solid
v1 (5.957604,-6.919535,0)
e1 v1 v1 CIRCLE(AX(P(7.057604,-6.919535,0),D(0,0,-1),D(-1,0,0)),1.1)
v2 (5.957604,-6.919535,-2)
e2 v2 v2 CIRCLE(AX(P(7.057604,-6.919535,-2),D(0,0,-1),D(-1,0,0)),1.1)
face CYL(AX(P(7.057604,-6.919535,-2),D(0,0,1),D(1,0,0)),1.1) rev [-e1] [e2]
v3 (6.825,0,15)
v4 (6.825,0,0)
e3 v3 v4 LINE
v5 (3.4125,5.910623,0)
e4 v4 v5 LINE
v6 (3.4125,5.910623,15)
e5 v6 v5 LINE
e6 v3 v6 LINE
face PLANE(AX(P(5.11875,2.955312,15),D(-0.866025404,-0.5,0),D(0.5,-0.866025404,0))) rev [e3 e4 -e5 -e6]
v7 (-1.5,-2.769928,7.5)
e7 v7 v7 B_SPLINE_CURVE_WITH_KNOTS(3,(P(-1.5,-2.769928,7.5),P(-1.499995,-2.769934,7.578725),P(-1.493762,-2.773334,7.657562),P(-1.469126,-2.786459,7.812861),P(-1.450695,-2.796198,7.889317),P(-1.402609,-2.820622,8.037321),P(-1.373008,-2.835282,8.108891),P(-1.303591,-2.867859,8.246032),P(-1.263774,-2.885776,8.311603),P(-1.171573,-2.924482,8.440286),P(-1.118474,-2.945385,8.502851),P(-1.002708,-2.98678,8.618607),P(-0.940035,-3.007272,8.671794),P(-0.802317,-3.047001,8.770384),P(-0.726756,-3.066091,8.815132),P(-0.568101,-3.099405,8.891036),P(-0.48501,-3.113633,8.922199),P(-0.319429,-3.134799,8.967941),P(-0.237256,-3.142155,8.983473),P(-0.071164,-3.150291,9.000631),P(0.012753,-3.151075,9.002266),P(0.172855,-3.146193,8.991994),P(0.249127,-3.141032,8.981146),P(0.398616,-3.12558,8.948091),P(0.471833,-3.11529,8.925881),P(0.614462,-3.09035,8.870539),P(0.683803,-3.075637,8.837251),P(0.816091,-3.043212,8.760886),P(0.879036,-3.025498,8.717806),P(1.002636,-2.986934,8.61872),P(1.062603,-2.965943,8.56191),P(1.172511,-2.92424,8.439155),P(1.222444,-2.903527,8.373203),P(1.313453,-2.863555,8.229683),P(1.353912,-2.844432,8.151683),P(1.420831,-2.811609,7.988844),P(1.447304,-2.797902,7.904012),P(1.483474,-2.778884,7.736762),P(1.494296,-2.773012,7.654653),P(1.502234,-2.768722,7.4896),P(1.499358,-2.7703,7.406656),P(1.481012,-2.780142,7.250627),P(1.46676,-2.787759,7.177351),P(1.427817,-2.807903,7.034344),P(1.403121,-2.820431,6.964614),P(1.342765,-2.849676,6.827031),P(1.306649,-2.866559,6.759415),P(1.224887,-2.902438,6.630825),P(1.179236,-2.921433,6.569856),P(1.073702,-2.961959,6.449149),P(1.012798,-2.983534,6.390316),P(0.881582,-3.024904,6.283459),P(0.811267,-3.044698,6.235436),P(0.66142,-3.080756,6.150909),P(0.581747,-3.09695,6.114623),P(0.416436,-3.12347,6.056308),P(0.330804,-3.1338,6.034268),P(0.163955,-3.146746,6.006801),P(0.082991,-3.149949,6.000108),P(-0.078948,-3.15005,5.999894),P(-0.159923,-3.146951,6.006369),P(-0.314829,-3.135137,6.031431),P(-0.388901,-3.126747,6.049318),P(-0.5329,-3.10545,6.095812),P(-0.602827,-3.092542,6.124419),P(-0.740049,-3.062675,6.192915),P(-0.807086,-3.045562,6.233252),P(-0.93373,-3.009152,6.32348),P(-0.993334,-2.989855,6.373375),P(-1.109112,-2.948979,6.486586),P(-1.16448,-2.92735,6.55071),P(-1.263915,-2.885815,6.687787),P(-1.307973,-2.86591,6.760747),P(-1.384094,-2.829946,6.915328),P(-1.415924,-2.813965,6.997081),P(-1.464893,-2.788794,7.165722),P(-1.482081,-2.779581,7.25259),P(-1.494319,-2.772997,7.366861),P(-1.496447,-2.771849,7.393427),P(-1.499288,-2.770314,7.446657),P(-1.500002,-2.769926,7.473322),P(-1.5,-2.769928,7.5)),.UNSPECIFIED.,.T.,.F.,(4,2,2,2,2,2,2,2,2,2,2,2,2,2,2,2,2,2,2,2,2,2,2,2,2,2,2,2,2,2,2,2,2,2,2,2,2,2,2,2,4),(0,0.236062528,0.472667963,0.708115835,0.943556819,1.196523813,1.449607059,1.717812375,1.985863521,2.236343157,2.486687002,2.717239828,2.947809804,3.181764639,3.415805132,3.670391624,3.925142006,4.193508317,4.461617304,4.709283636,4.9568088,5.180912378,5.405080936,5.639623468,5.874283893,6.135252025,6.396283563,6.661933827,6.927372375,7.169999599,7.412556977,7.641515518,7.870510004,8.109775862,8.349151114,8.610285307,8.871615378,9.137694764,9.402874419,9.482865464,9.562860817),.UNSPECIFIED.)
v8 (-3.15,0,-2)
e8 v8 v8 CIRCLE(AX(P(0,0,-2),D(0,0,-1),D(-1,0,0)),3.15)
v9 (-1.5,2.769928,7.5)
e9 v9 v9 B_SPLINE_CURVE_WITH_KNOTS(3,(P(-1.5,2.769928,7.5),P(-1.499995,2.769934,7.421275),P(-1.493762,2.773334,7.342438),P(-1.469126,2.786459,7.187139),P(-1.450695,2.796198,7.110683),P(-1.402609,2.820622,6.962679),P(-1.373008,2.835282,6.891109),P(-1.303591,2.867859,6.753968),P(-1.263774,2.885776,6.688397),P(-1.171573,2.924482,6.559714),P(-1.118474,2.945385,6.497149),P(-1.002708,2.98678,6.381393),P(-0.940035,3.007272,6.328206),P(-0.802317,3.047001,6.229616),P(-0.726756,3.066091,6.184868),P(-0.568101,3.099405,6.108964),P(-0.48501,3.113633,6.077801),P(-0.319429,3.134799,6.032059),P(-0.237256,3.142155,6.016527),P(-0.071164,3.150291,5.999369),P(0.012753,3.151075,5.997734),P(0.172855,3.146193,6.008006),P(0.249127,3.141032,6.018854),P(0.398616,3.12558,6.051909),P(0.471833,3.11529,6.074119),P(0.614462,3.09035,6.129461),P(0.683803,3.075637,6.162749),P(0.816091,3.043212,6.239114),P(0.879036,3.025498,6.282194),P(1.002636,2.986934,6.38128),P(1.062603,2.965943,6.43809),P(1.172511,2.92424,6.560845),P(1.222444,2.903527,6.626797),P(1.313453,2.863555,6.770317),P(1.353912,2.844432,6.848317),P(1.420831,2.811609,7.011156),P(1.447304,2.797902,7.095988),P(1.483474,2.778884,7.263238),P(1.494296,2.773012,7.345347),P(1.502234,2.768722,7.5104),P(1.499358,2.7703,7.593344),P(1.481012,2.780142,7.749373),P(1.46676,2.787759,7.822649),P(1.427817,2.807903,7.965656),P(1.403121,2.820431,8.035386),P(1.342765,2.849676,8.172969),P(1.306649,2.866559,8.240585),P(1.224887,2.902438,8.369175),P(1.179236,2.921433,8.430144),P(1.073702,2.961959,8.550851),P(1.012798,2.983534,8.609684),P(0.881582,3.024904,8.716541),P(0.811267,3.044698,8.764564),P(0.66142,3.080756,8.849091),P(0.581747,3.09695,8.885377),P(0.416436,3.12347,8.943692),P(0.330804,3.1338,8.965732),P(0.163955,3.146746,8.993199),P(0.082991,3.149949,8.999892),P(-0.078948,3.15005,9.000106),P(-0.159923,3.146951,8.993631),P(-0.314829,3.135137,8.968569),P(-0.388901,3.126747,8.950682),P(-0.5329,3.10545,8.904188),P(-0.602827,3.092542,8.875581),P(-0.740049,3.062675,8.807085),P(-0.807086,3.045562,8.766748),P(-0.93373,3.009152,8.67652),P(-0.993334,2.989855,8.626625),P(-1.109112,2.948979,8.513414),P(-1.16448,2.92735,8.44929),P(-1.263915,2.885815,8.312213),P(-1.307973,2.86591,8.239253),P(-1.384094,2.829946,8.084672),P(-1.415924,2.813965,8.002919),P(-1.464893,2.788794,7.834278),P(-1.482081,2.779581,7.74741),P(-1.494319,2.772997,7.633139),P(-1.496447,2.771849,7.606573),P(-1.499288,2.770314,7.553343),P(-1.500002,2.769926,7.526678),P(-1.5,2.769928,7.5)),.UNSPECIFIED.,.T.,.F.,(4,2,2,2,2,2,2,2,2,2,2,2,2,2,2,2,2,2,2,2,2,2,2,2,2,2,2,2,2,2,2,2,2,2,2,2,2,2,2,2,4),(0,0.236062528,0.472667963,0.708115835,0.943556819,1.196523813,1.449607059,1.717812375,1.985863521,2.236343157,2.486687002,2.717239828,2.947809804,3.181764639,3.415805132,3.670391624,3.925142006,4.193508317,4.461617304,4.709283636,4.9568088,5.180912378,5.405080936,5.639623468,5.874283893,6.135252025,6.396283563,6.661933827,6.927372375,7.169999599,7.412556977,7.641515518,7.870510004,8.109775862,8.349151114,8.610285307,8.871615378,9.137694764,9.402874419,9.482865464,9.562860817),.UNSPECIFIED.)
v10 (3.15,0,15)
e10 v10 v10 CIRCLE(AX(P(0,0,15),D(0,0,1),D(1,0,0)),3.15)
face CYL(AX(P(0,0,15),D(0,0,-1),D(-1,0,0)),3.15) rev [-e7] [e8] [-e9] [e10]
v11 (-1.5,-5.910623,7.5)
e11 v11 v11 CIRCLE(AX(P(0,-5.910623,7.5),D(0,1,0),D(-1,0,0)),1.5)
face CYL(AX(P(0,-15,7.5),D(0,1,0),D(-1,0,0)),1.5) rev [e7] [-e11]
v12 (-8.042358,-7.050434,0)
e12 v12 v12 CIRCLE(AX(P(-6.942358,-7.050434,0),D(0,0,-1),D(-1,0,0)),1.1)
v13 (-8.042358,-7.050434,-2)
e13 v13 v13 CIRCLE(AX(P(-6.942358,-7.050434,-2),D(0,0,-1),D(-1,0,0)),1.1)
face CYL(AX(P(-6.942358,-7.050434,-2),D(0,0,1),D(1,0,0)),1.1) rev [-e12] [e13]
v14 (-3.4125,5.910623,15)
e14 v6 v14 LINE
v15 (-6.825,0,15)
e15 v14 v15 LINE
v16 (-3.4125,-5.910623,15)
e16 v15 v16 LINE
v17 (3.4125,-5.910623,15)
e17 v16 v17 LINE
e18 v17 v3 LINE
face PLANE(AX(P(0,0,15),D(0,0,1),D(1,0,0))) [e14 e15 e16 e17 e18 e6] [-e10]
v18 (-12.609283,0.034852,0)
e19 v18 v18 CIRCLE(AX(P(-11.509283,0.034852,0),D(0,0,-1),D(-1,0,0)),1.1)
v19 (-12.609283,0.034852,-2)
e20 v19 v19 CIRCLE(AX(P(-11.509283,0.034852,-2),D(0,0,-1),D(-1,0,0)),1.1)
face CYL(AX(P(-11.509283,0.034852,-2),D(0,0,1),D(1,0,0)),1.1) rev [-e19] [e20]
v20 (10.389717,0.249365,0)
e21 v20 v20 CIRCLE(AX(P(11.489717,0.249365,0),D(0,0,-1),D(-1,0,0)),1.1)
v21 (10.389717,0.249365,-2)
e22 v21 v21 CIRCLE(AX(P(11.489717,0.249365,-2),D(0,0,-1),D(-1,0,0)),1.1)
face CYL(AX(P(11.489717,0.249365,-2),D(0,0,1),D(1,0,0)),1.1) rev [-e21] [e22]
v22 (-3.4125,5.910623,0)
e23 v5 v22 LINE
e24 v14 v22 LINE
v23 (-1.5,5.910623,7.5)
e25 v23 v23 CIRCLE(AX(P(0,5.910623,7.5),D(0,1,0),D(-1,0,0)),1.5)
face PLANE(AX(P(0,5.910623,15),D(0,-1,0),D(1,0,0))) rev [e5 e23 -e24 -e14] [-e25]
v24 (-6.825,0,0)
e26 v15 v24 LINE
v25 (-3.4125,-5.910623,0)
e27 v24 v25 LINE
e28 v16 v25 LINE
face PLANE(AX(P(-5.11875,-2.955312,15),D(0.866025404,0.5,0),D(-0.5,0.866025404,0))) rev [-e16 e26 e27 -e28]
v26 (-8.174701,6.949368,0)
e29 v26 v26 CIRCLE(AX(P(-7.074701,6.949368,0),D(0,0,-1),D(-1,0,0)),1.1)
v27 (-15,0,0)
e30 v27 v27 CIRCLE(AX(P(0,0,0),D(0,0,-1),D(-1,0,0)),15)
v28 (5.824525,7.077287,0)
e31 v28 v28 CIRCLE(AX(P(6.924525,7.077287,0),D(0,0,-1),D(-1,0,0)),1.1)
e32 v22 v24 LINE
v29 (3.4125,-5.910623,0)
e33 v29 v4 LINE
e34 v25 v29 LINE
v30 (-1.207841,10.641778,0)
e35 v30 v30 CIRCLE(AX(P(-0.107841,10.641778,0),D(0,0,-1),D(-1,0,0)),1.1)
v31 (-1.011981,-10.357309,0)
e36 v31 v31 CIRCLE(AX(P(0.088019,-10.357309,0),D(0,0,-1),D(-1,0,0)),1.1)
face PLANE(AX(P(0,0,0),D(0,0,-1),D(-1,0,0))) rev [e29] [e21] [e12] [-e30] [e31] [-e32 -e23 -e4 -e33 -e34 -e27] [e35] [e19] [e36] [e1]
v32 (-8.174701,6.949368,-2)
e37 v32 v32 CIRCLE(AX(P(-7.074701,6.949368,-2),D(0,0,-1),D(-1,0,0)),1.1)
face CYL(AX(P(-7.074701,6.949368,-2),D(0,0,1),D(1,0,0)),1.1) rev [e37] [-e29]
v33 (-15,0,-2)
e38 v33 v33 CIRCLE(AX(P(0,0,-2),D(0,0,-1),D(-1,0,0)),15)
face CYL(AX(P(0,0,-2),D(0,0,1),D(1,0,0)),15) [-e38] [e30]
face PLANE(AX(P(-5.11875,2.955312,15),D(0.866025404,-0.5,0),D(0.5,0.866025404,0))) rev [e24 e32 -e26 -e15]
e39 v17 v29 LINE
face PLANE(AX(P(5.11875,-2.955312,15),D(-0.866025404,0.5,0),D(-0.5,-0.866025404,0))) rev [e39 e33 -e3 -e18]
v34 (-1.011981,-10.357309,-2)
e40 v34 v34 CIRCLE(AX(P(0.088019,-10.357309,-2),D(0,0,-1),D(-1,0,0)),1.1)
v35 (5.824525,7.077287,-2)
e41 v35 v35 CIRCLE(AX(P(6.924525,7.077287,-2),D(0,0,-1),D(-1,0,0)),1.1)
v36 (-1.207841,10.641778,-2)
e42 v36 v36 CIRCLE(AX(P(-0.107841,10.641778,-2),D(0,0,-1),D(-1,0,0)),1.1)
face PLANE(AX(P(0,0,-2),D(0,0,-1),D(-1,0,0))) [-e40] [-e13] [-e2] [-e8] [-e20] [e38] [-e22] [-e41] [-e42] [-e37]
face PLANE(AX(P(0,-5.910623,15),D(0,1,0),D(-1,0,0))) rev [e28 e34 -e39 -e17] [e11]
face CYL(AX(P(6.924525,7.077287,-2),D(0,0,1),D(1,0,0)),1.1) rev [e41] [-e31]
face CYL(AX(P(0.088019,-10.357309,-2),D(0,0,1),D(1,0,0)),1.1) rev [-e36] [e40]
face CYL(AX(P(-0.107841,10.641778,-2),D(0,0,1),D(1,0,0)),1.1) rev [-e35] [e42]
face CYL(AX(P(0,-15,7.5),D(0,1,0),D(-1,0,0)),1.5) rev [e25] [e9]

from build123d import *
from build123d.topology import SkipClean

# Parameters (mm, degrees)
SKETCH_1_R          = 3.15
EXTRUDE_1_DEPTH     = 15
EXTRUDE_START       = 2
SKETCH_2_R          = 15
SKETCH_2_R_2        = 3.15
SKETCH_2_R_3        = 1.1
EXTRUDE_2_DEPTH     = 2
SKETCH_3_R          = 1.5
CUT_EXTRUDE_1_DEPTH = 30.786812018


with BuildPart() as part:
    # 草图1 → 凸台-拉伸1 (new body)
    with BuildSketch(Plane.XY):
        Polygon((-3.4125, -5.910623381), (3.4125, -5.910623381), (6.825, 0), (3.4125, 5.910623381), (-3.4125, 5.910623381), (-6.825, 0), align=None)
        Circle(SKETCH_1_R, mode=Mode.SUBTRACT)
    extrude(amount=EXTRUDE_1_DEPTH)

    # 草图2 → 凸台-拉伸2 (add)
    with SkipClean():  # the faces are left unmerged after this step: merging them gives an invalid solid
        with BuildSketch(Plane(origin=(0, 0, 0), x_dir=(-1, 0, 0), z_dir=(0, 0, -1)).offset(EXTRUDE_START)):
            Circle(SKETCH_2_R)
            Circle(SKETCH_2_R_2, mode=Mode.SUBTRACT)
            with Locations((0.107841154, 10.641777672)):
                Circle(SKETCH_2_R_3, mode=Mode.SUBTRACT)
            with Locations((7.074701484, 6.949367968)):
                Circle(SKETCH_2_R_3, mode=Mode.SUBTRACT)
            with Locations((11.509282596, 0.034851677)):
                Circle(SKETCH_2_R_3, mode=Mode.SUBTRACT)
            with Locations((6.942357889, -7.050434427)):
                Circle(SKETCH_2_R_3, mode=Mode.SUBTRACT)
            with Locations((-0.08801923, -10.357308944)):
                Circle(SKETCH_2_R_3, mode=Mode.SUBTRACT)
            with Locations((-7.057604111, -6.919535443)):
                Circle(SKETCH_2_R_3, mode=Mode.SUBTRACT)
            with Locations((-11.489717031, 0.24936543)):
                Circle(SKETCH_2_R_3, mode=Mode.SUBTRACT)
            with Locations((-6.924524538, 7.077286558)):
                Circle(SKETCH_2_R_3, mode=Mode.SUBTRACT)
        extrude(amount=-EXTRUDE_2_DEPTH)

    # 草图3 → 切除-拉伸1 (cut, through all)
    with SkipClean():  # the faces are left unmerged after this step: merging them gives an invalid solid
        with BuildSketch(Plane(origin=(0, 5.910623381, 0), x_dir=(1, 0, 0), z_dir=(0, 1, 0))):
            with Locations(Location((0, -7.5, 0), (0, 0, 180))):
                Circle(SKETCH_3_R)
        extrude(amount=-CUT_EXTRUDE_1_DEPTH, mode=Mode.SUBTRACT)


solid = part.part
